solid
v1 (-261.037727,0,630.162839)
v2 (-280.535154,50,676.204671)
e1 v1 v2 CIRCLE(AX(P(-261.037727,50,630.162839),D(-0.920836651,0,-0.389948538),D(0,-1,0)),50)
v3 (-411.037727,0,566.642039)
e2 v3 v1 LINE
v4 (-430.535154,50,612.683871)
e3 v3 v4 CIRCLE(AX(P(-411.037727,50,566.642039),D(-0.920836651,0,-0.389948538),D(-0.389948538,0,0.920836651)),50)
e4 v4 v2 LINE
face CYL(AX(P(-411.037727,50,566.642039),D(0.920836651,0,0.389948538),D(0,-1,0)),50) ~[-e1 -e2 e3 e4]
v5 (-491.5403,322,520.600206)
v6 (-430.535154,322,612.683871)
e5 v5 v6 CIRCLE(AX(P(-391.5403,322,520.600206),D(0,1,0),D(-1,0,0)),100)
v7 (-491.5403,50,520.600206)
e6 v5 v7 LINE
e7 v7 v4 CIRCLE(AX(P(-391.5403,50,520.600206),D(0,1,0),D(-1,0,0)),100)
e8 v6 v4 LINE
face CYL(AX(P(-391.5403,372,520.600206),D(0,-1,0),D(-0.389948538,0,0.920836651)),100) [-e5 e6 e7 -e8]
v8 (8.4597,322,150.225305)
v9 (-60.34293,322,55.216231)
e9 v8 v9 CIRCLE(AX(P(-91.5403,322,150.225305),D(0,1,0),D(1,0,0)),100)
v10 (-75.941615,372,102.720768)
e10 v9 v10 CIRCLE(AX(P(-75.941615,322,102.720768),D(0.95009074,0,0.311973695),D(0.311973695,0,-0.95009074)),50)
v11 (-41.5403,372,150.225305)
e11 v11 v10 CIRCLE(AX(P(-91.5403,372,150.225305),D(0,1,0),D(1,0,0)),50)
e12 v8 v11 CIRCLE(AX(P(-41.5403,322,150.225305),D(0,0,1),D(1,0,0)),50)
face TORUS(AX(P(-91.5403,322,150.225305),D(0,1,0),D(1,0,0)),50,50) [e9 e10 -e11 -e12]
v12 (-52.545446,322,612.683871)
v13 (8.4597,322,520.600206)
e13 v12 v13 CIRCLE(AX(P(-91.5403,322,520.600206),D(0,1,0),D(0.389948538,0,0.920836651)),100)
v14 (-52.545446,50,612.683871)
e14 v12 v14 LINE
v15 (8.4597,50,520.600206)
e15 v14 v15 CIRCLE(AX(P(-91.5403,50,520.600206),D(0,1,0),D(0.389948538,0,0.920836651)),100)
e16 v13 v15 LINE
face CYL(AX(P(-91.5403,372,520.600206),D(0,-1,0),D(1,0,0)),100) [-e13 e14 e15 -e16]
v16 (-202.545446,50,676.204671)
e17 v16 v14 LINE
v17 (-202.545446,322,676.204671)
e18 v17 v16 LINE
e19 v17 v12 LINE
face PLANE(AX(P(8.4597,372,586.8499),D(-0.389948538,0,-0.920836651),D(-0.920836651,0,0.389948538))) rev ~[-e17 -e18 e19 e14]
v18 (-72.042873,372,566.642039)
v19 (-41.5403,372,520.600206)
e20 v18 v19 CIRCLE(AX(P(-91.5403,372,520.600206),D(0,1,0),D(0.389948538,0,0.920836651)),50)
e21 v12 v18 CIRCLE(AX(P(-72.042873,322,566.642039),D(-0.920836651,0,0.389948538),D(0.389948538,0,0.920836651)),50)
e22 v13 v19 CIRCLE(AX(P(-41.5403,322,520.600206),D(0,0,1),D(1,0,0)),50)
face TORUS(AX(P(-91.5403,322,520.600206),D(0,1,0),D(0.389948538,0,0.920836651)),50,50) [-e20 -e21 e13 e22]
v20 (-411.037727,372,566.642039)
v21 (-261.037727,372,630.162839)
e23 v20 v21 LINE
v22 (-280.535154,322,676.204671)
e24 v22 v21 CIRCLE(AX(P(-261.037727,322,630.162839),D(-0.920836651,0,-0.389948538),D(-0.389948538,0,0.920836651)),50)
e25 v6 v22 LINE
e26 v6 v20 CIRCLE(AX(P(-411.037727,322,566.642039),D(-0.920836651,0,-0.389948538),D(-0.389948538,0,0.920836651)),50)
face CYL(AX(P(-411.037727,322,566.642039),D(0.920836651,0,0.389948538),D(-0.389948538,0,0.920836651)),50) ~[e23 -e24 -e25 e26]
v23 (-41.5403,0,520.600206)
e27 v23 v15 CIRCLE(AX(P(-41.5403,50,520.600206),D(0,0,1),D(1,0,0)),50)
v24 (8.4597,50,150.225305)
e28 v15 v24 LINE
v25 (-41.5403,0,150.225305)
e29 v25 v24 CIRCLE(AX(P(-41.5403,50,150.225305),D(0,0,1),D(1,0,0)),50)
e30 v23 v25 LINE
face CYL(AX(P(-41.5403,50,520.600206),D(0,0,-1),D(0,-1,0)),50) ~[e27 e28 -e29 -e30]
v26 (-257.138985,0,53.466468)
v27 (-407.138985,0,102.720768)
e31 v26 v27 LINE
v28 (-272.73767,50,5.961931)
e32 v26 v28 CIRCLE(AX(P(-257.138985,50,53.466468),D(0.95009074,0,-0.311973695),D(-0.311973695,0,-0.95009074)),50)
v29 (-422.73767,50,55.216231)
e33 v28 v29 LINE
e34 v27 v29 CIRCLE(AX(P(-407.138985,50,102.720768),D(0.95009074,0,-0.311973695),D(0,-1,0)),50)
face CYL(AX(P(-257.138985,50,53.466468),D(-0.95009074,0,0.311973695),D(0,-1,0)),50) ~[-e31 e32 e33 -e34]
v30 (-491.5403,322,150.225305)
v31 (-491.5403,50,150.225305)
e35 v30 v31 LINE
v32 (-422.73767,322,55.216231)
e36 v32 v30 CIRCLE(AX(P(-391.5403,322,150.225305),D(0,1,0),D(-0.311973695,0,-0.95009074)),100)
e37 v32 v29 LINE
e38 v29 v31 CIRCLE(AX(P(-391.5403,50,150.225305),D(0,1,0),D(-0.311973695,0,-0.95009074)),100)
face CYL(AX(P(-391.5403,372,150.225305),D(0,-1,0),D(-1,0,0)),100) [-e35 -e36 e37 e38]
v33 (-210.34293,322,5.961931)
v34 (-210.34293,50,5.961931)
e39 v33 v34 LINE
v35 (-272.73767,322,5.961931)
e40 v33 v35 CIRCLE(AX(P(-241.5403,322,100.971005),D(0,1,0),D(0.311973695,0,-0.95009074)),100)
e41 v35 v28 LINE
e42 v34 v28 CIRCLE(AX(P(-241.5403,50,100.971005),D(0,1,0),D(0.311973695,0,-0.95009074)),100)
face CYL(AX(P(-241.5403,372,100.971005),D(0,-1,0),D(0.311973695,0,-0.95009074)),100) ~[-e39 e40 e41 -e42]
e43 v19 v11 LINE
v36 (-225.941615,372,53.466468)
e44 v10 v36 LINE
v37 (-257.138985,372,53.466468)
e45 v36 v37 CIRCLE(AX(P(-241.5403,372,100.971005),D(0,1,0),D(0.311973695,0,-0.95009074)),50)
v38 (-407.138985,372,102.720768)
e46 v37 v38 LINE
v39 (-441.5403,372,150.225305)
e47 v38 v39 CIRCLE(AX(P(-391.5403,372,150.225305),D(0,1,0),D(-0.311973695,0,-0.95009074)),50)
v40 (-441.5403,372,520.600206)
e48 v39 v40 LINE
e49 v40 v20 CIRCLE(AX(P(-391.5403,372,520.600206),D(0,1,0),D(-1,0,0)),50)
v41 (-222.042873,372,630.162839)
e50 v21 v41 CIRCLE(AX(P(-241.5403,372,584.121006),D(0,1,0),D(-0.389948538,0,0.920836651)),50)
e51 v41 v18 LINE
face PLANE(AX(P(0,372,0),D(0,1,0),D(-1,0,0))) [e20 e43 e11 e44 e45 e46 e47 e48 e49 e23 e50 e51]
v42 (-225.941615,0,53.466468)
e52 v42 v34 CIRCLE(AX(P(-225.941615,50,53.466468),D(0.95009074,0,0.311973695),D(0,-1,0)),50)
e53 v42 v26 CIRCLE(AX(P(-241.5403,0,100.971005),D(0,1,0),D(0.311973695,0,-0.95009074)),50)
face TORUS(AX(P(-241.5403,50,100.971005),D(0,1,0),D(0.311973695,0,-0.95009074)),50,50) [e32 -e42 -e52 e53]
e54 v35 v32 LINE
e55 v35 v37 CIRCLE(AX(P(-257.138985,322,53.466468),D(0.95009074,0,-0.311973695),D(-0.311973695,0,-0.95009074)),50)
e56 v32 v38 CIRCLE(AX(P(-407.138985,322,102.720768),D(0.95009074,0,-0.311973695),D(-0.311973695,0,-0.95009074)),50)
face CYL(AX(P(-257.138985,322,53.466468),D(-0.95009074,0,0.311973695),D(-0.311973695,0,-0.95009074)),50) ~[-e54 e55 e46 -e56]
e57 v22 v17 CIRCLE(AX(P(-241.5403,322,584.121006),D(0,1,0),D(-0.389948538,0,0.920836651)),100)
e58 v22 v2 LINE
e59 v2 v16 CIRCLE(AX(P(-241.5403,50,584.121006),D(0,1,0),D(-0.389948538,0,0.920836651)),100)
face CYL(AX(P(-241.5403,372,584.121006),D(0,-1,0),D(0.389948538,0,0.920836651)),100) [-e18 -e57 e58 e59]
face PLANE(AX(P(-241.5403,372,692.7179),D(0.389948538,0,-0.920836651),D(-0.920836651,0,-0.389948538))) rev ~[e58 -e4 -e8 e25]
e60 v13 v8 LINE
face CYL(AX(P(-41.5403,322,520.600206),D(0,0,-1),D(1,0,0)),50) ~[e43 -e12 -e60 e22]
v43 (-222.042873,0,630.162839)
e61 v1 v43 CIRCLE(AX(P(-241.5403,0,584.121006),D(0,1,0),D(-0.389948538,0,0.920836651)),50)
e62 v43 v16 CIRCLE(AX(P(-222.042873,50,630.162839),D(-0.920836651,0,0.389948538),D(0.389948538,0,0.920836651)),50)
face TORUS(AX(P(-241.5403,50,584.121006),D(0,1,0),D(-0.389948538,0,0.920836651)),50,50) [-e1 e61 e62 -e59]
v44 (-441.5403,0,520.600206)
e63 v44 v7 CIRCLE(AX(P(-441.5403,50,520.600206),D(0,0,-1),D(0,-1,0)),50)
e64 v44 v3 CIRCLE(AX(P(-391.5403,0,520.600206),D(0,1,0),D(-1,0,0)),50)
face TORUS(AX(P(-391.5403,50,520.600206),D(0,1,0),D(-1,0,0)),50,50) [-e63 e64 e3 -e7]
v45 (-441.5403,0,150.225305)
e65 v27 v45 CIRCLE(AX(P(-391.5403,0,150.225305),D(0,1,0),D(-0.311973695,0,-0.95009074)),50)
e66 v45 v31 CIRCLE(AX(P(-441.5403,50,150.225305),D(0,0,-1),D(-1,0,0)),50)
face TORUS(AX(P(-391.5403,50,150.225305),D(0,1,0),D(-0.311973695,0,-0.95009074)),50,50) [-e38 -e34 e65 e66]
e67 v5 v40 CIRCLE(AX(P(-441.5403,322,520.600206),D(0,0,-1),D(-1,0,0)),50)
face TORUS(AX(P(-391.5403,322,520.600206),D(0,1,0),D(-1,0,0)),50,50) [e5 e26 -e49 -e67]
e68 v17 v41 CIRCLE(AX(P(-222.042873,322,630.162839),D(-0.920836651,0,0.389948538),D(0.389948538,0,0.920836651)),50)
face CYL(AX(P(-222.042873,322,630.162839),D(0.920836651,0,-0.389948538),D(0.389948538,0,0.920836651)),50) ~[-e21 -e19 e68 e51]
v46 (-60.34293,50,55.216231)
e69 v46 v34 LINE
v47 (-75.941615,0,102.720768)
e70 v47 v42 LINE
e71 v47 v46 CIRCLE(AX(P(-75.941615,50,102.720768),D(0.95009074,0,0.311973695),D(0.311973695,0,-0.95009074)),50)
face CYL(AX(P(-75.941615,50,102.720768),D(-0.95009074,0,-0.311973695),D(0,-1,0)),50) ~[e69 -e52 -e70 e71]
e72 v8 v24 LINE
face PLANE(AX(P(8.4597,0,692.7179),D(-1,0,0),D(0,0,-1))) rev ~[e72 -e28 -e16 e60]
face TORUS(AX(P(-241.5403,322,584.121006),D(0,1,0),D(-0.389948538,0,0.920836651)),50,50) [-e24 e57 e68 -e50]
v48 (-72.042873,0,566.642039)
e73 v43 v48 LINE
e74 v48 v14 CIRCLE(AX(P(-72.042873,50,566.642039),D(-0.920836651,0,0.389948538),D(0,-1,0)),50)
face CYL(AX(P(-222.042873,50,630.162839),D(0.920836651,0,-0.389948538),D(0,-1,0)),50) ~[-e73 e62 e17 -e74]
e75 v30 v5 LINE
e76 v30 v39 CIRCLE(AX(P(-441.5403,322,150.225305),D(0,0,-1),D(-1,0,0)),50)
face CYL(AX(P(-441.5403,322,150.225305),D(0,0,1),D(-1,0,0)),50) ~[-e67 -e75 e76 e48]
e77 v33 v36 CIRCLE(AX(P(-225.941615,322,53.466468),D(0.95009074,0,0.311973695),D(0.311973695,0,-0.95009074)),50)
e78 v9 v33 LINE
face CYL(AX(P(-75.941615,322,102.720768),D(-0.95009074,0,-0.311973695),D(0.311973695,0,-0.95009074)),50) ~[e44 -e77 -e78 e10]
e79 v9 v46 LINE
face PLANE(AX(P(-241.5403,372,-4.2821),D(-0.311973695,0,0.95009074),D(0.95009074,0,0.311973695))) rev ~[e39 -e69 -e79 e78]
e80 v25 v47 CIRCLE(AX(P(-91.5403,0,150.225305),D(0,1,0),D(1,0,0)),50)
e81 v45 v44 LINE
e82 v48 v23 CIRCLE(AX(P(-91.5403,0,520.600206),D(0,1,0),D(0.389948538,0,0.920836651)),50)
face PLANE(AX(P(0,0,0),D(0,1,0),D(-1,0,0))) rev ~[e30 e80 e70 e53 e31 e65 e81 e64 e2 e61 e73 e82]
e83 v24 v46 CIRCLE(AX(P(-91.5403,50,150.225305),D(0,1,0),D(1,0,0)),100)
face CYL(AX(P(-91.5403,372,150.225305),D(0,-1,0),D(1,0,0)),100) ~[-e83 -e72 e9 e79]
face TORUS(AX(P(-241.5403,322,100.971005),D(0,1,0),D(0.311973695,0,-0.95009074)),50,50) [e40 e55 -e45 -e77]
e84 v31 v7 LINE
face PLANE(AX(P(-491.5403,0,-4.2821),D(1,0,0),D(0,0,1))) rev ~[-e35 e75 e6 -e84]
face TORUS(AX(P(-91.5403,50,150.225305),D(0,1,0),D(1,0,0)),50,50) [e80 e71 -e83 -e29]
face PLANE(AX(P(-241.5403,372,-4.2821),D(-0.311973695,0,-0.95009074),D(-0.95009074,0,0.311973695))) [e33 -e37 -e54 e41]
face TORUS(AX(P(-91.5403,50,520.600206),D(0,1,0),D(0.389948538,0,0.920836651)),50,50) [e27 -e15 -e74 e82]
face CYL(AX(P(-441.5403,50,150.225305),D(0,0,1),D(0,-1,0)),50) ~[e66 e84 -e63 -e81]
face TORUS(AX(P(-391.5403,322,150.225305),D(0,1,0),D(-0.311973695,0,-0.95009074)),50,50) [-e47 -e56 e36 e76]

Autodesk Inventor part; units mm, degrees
ref_plane "YZ Plane" through (0, 0, 0) normal (1, 0, 0) x (0, 1, 0)
ref_plane "XZ Plane" through (0, 0, 0) normal (0, 1, 0) x (-1, 0, 0)
ref_plane "XY Plane" through (0, 0, 0) normal (0, 0, 1) x (1, 0, 0)
sketch "Sketch1" plane through (0, 0, 0) normal (0, 1, 0) x (-1, 0, 0)
  line L0 (-8.4597, -4.2821) -> (491.5403, -4.2821)
  line L1 (491.5403, -4.2821) -> (491.5403, 692.7179)
  line L2 (491.5403, 692.7179) -> (-8.4597, 692.7179)
  line L3 (-8.4597, 692.7179) -> (-8.4597, -4.2821)
  point P0 (0, 0)
  dimension "d0" = 500
  dimension "d1" = 697
extrude "Extrusion1" add sketch "Sketch1" along normal blind 372
sketch "Sketch2" plane through (0, 372, 0) normal (0, 1, 0) x (1, 0, 0)
  line L0 (8.4597, 4.2821) -> (-491.5403, 4.2821) projected
  line L1 (-491.5403, 4.2821) -> (-491.5403, -692.7179) projected
  line L2 (-491.5403, -692.7179) -> (8.4597, -692.7179) projected
  line L3 (8.4597, -692.7179) -> (8.4597, 4.2821) projected
  line L4 (-241.5403, 4.2821) -> (-491.5403, -77.8084)
  line L5 (-241.5403, 4.2821) -> (8.4597, -77.8084)
  line L6 (8.4597, -586.8499) -> (-241.5403, -692.7179)
  line L7 (-241.5403, -692.7179) -> (-491.5403, -586.8499)
  point P0 (0, 0)
extrude "Extrusion2" cut sketch "Sketch2" against normal blind 400 contours L3 L5 L0 | L4 L1 L0 | L3 L2 L6 | L7 L2 L1
fillet "Fillet1" radius 100 6 edges at (-241.5403, 186, 692.7179) (8.4597, 186, 586.8499) (-491.5403, 186, 586.8499) (8.4597, 186, 77.8084) (-241.5403, 186, -4.2821) (-491.5403, 186, 77.8084)
fillet "Fillet2" radius 50 24 edges at (-10.5472, 372, 91.5727) (-135.3429, 372, 30.5891) (-241.5403, 372, 0.971) (-347.7376, 372, 30.5891) (-472.5333, 372, 91.5727) (-491.5403, 372, 335.4127) (-474.9054, 372, 575.8293) (-355.5351, 372, 644.4443) (-241.5403, 372, 684.121) (-127.5454, 372, 644.4443) (-8.1751, 372, 575.8293) (8.4597, 372, 335.4127) (-10.5472, 0, 91.5727) (-135.3429, 0, 30.5891) (-241.5403, 0, 0.971) (-347.7376, 0, 30.5891) (-472.5333, 0, 91.5727) (-491.5403, 0, 335.4127) (-474.9054, 0, 575.8293) (-355.5351, 0, 644.4443) (-241.5403, 0, 684.121) (-127.5454, 0, 644.4443) (-8.1751, 0, 575.8293) (8.4597, 0, 335.4127)
